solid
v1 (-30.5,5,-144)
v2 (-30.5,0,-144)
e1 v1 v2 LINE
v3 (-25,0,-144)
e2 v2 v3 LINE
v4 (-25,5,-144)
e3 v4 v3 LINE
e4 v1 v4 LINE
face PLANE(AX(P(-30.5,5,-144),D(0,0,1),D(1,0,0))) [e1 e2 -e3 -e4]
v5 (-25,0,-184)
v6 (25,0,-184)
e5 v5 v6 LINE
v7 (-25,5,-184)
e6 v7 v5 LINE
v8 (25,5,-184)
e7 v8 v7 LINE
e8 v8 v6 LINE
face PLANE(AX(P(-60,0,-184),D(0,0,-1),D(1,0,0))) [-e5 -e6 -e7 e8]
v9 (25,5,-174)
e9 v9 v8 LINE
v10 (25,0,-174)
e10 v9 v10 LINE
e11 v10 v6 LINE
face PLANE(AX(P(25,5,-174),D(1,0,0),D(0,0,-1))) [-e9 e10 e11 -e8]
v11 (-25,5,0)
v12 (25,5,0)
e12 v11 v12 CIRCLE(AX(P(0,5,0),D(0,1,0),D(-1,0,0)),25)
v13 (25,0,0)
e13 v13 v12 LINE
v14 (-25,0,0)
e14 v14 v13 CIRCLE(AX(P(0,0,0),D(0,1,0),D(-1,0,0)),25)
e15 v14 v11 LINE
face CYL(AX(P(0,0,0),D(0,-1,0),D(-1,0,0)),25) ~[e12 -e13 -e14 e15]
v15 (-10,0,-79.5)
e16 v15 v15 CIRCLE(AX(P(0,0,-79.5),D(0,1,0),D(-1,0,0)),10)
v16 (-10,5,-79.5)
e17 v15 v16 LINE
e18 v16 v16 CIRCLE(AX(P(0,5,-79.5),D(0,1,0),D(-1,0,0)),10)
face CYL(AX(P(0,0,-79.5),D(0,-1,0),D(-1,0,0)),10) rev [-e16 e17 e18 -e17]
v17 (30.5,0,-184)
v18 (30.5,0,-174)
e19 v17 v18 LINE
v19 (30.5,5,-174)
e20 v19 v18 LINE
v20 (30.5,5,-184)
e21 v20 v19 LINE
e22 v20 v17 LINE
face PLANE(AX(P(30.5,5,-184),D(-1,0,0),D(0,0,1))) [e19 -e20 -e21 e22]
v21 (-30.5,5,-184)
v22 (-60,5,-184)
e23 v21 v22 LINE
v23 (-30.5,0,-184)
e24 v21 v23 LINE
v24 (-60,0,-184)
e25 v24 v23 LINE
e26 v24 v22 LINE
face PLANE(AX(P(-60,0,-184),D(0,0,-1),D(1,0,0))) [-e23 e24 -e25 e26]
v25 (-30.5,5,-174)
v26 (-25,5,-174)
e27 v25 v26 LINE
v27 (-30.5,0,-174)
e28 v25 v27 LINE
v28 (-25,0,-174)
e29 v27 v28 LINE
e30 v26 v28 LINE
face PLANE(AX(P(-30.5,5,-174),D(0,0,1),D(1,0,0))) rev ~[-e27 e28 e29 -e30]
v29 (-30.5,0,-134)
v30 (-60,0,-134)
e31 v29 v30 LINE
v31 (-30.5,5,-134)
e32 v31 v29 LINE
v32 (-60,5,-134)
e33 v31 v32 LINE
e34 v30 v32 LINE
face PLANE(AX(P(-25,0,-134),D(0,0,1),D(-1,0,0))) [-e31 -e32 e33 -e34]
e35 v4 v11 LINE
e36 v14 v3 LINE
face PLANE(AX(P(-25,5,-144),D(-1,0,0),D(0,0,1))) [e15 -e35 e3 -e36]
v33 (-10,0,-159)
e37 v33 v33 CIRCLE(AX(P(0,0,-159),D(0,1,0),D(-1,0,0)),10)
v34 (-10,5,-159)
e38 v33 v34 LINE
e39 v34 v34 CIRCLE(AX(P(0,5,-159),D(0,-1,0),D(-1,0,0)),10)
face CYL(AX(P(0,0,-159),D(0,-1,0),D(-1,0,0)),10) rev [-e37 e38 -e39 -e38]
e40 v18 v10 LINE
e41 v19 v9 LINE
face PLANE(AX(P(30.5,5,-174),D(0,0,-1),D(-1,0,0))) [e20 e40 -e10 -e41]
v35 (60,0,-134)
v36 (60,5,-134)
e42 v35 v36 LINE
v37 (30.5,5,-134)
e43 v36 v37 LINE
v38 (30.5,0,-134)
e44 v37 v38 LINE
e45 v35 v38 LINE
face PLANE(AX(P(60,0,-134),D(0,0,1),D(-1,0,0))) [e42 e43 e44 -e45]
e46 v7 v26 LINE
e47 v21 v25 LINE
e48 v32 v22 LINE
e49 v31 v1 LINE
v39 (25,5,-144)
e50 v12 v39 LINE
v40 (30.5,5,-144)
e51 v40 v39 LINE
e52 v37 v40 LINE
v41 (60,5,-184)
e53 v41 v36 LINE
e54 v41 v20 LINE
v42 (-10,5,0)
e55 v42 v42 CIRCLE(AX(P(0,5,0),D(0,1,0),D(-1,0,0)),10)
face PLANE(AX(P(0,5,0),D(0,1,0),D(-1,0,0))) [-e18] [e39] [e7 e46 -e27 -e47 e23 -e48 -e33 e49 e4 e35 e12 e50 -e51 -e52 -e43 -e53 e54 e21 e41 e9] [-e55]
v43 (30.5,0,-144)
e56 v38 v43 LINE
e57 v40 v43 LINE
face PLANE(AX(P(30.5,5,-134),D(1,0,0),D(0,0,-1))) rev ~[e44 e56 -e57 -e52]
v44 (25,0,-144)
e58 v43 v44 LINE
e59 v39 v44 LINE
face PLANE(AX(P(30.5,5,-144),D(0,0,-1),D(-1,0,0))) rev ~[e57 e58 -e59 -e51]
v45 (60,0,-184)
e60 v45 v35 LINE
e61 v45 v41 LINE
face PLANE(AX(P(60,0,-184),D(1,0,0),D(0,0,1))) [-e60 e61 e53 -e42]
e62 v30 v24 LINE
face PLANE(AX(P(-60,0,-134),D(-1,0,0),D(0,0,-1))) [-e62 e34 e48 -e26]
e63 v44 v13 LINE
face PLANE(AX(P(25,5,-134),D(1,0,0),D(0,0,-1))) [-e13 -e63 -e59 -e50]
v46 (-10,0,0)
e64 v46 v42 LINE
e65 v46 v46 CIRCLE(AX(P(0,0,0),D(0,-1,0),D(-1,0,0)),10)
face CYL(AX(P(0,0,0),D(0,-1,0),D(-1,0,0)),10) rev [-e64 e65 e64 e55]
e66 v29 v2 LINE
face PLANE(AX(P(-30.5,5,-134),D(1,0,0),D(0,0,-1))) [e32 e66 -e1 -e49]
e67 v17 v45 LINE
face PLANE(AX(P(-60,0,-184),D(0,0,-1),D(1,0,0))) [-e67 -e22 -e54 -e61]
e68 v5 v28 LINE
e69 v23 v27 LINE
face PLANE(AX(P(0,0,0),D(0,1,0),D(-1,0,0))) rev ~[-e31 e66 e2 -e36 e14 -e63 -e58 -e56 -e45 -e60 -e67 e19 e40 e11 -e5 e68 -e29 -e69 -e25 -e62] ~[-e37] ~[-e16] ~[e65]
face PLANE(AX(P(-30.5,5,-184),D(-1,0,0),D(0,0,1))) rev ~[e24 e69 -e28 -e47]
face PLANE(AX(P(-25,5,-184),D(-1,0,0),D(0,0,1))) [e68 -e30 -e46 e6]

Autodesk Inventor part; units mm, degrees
ref_plane "YZ Plane" through (0, 0, 0) normal (1, 0, 0) x (0, 1, 0)
ref_plane "XZ Plane" through (0, 0, 0) normal (0, 1, 0) x (-1, 0, 0)
ref_plane "XY Plane" through (0, 0, 0) normal (0, 0, 1) x (1, 0, 0)
sketch "スケッチ1" plane through (0, 0, 0) normal (0, 1, 0) x (-1, 0, 0)
  line L0 (25, 0) -> (-25, 0)
  line L1 (-25, 0) -> (-25, -159)
  line L2 (-25, -159) -> (25, -159)
  line L3 (25, -159) -> (25, 0)
  circle A0 centre (0, 0) radius 25
  circle A1 centre (0, 0) radius 57 construction
  circle A2 centre (0, -79.5) radius 22.5 construction
  circle A3 centre (0, 0) radius 75 construction
  circle A4 centre (0, -79.5) radius 10
  circle A5 centre (0, 0) radius 10
  circle A6 centre (0, -159) radius 10
  circle A7 centre (0, -159) radius 57 construction
  circle A8 centre (0, -159) radius 25
  dimension "d0" = 114
  dimension "d1" = 45
  dimension "d2" = 150
  dimension "d3" = 20
  dimension "d4" = 20
  dimension "d5" = 50
  dimension "d8" = 20
extrude "押し出し1" add sketch "スケッチ1" along normal blind 5 contours A0 L0 A5 | L0 A5 A0 | L3 A8 L1 A0 | A8 L2 A6 | L2 A6 A8
sketch "スケッチ2" plane through (0, 0, 0) normal (0, -1, 0) x (1, 0, 0)
  line L0 (60, -134) -> (-60, -134)
  line L1 (-60, -134) -> (-60, -184)
  line L2 (-60, -184) -> (60, -184)
  line L3 (60, -184) -> (60, -134)
  line L4 (25, 0) -> (25, -159) projected
  arc A0 (25, 0) -> (-25, 0) centre (0, 0) ccw projected
  line L5 (-25, -159) -> (-25, 0) projected
  arc A1 (-25, -159) -> (25, -159) centre (0, -159) ccw projected
  circle A2 centre (0, 0) radius 10 projected
  circle A3 centre (0, -79.5) radius 10 projected
  circle A4 centre (0, -159) radius 10 projected
  arc A5 (-25, -159) -> (25, -159) centre (0, -159) ccw projected
  point P0 (0, -184)
  point P1 (25, -134)
  point P2 (0, -184)
  point P3 (-25, -134)
  dimension "d9" = 120
  dimension "d10" = 50
extrude "押し出し2" add sketch "スケッチ2" against normal up to surface (5 mm away) contours L3 L2 A1 L4 L0 | L5 A1 L2 L1 L0
sketch "スケッチ3" plane through (0, 5, 0) normal (0, 1, 0) x (1, 0, 0)
  line L0 (-60, 184) -> (60, 184) projected
  line L1 (-25, 134) -> (25, 134)
  line L2 (25, 134) -> (25, 184)
  line L3 (25, 184) -> (-25, 184)
  line L4 (-25, 184) -> (-25, 134)
  line L5 (-25, 184) -> (-30.5, 184)
  line L6 (-30.5, 184) -> (-30.5, 174)
  line L7 (-30.5, 174) -> (-25, 174)
  line L8 (-25, 174) -> (-25, 184)
  line L9 (25, 184) -> (30.5, 184)
  line L10 (30.5, 184) -> (30.5, 174)
  line L11 (30.5, 174) -> (25, 174)
  line L12 (25, 174) -> (25, 184)
  line L13 (-25, 134) -> (-60, 134) projected
  line L14 (-25, 134) -> (-30.5, 134)
  line L15 (-30.5, 134) -> (-30.5, 144)
  line L16 (-30.5, 144) -> (-25, 144)
  line L17 (-25, 144) -> (-25, 134)
  line L18 (25, 134) -> (30.5, 134)
  line L19 (30.5, 134) -> (30.5, 144)
  line L20 (30.5, 144) -> (25, 144)
  line L21 (25, 144) -> (25, 134)
  point P0 (0, 0)
  point P1 (25, 174)
  point P2 (-25, 144)
  point P3 (-25, 174)
  point P4 (-25, 184)
  dimension "d13" = 5.5
  dimension "d14" = 5.5
  dimension "d15" = 10
extrude "押し出し3" cut sketch "スケッチ3" against normal through all contours L0 L4 L7 L6 | L0 L10 L11 L2 | L4 L13 L15 L16 | L20 L19 L18 L2
equation "\"d14\" = d13"
properties part number "ギアプレート"
